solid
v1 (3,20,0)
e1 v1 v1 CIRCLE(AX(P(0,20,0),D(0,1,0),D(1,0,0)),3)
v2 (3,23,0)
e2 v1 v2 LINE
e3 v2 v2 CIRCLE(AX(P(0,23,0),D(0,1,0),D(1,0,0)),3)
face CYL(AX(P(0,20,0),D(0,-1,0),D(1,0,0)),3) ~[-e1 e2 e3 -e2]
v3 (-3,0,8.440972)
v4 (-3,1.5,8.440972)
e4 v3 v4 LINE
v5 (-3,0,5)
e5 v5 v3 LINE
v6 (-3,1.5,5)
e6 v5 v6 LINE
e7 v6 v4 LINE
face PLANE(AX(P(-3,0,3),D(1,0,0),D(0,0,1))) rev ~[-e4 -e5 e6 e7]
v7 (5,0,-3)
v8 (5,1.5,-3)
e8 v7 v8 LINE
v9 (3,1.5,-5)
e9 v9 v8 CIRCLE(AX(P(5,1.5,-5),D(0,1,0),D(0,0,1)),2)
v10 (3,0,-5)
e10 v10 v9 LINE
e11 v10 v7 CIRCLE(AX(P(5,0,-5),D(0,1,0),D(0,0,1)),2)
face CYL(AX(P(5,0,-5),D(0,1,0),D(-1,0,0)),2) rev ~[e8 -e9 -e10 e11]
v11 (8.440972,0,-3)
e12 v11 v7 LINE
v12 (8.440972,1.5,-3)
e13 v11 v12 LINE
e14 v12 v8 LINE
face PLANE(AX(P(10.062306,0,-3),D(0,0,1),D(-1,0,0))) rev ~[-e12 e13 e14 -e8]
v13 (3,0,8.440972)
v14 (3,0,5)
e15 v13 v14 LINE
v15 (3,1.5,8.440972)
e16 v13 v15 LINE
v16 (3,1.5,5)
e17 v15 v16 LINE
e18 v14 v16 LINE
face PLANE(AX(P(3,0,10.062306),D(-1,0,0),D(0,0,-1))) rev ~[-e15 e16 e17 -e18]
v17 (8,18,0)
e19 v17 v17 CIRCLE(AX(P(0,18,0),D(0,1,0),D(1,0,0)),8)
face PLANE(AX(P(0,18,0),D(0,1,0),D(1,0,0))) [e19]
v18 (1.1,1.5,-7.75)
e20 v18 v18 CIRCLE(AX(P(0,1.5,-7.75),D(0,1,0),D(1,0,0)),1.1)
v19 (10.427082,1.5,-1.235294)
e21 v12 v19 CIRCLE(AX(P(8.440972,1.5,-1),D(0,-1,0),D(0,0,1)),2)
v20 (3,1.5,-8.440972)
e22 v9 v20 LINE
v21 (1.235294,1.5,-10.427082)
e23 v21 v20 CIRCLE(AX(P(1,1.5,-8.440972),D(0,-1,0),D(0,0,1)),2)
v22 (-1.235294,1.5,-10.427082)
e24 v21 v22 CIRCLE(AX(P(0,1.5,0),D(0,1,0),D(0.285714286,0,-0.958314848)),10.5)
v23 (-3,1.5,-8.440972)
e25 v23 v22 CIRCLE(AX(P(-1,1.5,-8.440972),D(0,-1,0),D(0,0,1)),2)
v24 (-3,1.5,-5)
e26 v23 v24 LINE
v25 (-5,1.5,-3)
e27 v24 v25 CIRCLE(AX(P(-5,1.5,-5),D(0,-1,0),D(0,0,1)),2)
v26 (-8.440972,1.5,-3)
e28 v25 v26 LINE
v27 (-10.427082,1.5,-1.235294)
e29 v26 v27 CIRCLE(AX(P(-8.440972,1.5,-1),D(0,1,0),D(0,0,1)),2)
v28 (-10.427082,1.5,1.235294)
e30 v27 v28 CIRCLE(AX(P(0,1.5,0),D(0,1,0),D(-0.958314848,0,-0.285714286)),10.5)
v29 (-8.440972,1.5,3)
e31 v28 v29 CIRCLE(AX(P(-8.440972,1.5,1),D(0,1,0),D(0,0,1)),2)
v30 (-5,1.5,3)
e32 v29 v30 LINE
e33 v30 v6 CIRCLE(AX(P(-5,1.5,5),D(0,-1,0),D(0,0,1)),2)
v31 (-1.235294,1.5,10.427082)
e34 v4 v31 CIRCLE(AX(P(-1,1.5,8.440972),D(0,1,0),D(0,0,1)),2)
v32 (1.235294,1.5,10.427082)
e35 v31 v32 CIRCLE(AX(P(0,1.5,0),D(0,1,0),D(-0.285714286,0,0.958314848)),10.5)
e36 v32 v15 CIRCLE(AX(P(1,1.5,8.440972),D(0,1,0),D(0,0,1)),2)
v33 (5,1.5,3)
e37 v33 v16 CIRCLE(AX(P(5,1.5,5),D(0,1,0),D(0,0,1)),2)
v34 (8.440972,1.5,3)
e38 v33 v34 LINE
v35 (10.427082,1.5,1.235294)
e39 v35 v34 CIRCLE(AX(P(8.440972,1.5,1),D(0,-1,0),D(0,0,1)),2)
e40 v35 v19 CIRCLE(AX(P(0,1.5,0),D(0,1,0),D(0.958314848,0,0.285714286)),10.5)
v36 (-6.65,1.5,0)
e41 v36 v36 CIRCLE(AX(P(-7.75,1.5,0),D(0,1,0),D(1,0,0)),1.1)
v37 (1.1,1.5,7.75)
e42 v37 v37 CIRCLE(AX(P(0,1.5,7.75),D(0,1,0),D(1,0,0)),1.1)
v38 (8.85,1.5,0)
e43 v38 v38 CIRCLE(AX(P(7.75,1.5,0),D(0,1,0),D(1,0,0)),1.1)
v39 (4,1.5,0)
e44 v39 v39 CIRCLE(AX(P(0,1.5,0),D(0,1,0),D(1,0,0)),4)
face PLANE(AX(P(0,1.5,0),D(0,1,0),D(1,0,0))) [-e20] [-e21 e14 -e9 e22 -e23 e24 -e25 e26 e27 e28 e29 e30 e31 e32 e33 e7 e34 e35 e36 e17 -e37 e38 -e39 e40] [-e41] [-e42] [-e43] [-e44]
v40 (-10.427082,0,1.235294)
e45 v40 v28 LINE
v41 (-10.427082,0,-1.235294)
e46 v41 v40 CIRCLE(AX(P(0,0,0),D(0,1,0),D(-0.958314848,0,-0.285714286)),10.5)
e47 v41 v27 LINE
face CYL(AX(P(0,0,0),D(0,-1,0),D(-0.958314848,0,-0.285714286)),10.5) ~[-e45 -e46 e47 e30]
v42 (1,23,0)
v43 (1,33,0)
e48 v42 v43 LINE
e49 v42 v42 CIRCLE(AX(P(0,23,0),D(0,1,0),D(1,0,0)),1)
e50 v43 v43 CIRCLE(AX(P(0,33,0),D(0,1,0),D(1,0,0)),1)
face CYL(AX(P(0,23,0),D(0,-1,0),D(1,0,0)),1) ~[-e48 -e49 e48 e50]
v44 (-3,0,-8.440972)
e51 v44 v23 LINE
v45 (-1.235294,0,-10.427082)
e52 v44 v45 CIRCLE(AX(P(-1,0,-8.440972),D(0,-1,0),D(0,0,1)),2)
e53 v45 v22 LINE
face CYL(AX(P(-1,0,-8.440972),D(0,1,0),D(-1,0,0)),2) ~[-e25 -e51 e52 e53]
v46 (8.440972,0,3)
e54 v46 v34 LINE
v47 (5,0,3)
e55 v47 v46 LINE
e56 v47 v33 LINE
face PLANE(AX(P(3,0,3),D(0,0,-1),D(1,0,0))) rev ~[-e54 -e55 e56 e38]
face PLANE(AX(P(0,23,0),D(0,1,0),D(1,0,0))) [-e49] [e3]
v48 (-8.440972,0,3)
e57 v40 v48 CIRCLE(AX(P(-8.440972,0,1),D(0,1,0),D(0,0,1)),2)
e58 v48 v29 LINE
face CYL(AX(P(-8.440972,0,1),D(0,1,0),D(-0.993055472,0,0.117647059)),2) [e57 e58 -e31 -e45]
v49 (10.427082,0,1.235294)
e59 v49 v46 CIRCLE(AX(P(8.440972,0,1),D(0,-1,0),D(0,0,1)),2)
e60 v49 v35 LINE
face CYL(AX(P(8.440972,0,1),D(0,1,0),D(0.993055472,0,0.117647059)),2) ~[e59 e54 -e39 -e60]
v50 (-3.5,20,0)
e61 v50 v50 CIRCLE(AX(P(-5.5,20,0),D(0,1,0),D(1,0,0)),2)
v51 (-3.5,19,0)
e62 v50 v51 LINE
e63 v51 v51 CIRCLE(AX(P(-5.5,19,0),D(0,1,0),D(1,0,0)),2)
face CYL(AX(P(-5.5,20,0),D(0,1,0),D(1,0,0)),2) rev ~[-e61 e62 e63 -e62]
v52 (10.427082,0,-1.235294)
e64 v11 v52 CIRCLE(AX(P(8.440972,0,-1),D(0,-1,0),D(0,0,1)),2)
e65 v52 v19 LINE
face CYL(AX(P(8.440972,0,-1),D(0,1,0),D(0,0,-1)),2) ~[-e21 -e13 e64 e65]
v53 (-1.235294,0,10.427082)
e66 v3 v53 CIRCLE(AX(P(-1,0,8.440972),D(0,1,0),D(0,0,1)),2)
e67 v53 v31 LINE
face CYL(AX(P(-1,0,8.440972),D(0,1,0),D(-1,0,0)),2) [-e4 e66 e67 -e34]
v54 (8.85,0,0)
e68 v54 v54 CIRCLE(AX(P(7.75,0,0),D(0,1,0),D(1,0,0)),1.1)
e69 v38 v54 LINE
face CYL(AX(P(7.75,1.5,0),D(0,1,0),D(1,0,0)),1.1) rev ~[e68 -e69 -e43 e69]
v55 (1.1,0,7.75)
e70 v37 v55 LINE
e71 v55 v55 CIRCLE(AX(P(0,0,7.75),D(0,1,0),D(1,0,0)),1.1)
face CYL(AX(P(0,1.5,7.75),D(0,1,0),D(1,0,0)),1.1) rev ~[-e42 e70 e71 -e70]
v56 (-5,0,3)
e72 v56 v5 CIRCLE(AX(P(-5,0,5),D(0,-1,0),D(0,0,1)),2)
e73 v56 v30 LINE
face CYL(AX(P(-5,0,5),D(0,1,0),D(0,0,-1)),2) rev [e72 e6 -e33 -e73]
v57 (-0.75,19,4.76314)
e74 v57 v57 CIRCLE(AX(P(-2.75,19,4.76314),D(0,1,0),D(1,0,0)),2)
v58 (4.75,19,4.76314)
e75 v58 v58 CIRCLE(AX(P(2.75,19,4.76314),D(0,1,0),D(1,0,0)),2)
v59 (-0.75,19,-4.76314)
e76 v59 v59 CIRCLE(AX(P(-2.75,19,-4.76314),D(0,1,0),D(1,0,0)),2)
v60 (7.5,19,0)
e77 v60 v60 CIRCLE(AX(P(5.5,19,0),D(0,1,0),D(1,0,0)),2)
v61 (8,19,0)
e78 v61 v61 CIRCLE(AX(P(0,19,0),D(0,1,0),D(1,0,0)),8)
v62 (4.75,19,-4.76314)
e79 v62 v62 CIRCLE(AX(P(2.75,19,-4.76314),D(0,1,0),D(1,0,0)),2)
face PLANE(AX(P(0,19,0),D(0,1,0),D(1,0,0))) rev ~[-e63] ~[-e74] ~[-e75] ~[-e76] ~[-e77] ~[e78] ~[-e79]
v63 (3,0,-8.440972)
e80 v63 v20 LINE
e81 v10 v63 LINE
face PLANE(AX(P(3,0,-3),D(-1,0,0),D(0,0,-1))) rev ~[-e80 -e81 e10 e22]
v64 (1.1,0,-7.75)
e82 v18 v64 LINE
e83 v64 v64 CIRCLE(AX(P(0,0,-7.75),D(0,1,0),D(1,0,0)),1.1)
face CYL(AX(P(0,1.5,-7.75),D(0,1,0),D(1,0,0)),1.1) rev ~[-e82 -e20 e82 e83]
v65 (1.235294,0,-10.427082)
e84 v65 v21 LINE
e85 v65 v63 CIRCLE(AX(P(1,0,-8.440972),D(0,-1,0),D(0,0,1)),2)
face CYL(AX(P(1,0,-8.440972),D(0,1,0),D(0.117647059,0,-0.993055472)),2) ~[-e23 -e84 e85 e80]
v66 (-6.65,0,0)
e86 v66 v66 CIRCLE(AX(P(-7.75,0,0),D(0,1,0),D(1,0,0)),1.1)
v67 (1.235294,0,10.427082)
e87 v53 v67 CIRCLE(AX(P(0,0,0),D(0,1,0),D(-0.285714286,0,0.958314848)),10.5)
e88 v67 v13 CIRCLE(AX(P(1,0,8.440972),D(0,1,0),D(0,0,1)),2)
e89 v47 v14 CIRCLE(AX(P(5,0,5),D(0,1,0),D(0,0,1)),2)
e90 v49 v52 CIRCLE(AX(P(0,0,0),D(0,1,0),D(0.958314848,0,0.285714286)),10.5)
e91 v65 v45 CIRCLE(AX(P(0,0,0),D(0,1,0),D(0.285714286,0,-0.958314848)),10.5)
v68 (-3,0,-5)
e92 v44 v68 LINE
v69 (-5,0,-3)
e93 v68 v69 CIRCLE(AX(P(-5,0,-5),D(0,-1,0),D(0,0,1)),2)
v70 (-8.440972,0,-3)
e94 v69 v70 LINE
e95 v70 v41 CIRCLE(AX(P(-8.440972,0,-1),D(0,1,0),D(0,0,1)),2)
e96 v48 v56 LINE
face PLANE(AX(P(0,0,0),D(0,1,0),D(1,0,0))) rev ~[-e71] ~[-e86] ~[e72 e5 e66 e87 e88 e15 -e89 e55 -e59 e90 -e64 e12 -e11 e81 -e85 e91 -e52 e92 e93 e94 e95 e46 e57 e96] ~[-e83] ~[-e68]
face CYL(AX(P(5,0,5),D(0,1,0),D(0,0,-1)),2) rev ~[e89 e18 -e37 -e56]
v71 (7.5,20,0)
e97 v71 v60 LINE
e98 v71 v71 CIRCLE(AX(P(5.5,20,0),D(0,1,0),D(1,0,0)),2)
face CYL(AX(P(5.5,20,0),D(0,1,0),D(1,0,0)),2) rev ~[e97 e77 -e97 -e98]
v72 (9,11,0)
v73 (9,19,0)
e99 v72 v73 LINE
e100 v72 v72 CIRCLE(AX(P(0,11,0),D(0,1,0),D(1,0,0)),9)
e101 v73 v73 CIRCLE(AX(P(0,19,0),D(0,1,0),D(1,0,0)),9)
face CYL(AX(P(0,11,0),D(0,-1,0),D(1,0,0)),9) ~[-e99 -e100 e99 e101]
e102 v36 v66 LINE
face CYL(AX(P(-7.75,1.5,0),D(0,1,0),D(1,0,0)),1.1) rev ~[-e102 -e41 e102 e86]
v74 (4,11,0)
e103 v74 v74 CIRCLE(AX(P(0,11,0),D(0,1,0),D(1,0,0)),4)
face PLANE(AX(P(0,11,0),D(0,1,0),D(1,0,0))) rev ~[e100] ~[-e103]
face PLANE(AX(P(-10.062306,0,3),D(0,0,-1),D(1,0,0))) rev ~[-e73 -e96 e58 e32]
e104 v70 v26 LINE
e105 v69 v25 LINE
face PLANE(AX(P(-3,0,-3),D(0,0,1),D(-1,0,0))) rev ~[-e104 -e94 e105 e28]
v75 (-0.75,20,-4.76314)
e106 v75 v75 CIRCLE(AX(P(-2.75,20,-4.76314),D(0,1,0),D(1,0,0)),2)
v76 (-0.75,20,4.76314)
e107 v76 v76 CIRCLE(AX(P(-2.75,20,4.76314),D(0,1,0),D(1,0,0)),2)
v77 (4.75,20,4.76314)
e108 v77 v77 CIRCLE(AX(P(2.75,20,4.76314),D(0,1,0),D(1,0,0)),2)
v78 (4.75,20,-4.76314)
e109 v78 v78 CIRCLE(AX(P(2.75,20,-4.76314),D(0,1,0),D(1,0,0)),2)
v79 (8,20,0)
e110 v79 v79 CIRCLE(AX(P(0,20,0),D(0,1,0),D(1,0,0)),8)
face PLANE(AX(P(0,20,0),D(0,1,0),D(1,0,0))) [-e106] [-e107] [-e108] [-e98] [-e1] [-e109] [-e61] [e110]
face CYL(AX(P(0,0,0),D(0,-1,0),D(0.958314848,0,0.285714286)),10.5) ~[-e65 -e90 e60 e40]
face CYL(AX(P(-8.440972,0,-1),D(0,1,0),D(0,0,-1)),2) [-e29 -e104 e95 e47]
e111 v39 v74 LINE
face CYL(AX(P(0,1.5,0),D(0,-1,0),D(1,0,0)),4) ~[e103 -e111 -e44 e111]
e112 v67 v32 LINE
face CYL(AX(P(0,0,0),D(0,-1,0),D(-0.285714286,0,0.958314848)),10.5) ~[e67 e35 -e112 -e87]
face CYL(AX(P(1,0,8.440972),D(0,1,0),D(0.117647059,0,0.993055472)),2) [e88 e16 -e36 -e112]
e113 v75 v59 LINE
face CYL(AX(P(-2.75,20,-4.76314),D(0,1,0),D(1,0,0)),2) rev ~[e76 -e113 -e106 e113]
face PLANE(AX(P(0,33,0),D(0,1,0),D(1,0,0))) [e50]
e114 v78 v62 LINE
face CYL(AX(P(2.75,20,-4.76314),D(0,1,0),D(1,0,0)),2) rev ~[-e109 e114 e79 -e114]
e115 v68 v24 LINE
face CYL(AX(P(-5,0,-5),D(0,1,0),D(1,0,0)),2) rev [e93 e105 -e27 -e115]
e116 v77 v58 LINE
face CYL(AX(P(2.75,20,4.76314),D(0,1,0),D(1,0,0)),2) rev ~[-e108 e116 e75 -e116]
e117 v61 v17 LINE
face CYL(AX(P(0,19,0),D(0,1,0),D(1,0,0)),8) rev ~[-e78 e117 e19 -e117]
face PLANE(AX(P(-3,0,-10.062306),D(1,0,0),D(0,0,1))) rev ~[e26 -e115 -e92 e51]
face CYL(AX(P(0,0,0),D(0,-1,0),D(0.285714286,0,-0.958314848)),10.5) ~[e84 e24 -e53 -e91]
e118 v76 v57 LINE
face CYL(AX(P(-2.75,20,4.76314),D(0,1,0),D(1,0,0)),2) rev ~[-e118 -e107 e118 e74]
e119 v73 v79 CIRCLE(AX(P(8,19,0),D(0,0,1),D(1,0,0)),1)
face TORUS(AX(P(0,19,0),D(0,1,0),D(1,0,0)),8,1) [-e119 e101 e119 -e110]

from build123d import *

# Parameters (mm, degrees)
BOSS_EXTRUDE1_DEPTH = 1.5
SKETCH2_R           = 1.1
CUT_EXTRUDE1_DEPTH  = 2.5
FILLET1_R           = 2
SKETCH3_R           = 4
BOSS_EXTRUDE2_DEPTH = 9.5
SKETCH4_R           = 9
BOSS_EXTRUDE3_DEPTH = 9
FILLET2_R           = 1
SKETCH5_R           = 3
BOSS_EXTRUDE4_DEPTH = 3
SKETCH6_R           = 1
BOSS_EXTRUDE5_DEPTH = 10
SKETCH7_R           = 2
CUT_EXTRUDE2_DEPTH  = 1
SKETCH8_R           = 8
CUT_EXTRUDE3_DEPTH  = 1


with BuildPart() as part:
    # Sketch1 → Boss-Extrude1 (new body)
    with BuildSketch(Plane(origin=(0, 0, 0), x_dir=(1, 0, 0), z_dir=(0, 1, 0))):
        with BuildLine():
            Line((-3, 10.062305899), (-3, 3))
            Line((-3, 3), (-10.062305899, 3))
            ThreePointArc((-10.062305899, 3), (-10.5, 0), (-10.062305899, -3))
            Line((-10.062305899, -3), (-3, -3))
            Line((-3, -3), (-3, -10.062305899))
            ThreePointArc((-3, -10.062305899), (0, -10.5), (3, -10.062305899))
            Line((3, -10.062305899), (3, -3))
            Line((3, -3), (10.062305899, -3))
            ThreePointArc((10.062305899, -3), (10.5, 0), (10.062305899, 3))
            Line((10.062305899, 3), (3, 3))
            Line((3, 3), (3, 10.062305899))
            ThreePointArc((3, 10.062305899), (0, 10.5), (-3, 10.062305899))
        make_face()
    extrude(amount=BOSS_EXTRUDE1_DEPTH)

    # Sketch2 → Cut-Extrude1 (cut, through all)
    with BuildSketch(Plane(origin=(0, 1.5, 0), x_dir=(1, 0, 0), z_dir=(0, 1, 0))):
        with Locations((-7.75, 0)):
            Circle(SKETCH2_R)
        with Locations((0, 7.75)):
            Circle(SKETCH2_R)
        with Locations((7.75, 0)):
            Circle(SKETCH2_R)
        with Locations((0, -7.75)):
            Circle(SKETCH2_R)
    extrude(amount=-CUT_EXTRUDE1_DEPTH, mode=Mode.SUBTRACT)

    # Fillet1
    fillet1_edges = [part.edges().sort_by_distance(p)[0] for p in [
        (3, 0.75, 3),
        (3, 0.75, 10.062305899),
        (-3, 0.75, 10.062305899),
        (-3, 0.75, 3),
        (-10.062305899, 0.75, 3),
        (-10.062305899, 0.75, -3),
        (-3, 0.75, -3),
        (-3, 0.75, -10.062305899),
        (3, 0.75, -10.062305899),
        (3, 0.75, -3),
        (10.062305899, 0.75, -3),
        (10.062305899, 0.75, 3),
    ]]
    fillet(fillet1_edges, radius=FILLET1_R)

    # Sketch3 → Boss-Extrude2 (add)
    with BuildSketch(Plane(origin=(0, 1.5, 0), x_dir=(1, 0, 0), z_dir=(0, 1, 0))):
        Circle(SKETCH3_R)
    extrude(amount=BOSS_EXTRUDE2_DEPTH)

    # Sketch4 → Boss-Extrude3 (add)
    with BuildSketch(Plane(origin=(0, 11, 0), x_dir=(1, 0, 0), z_dir=(0, 1, 0))):
        Circle(SKETCH4_R)
    extrude(amount=BOSS_EXTRUDE3_DEPTH)

    # Fillet2
    fillet2_edges = [part.edges().sort_by_distance(p)[0] for p in [
        (-9, 20, 0),
    ]]
    fillet(fillet2_edges, radius=FILLET2_R)

    # Sketch5 → Boss-Extrude4 (add)
    with BuildSketch(Plane(origin=(0, 20, 0), x_dir=(1, 0, 0), z_dir=(0, 1, 0))):
        Circle(SKETCH5_R)
    extrude(amount=BOSS_EXTRUDE4_DEPTH)

    # Sketch6 → Boss-Extrude5 (add)
    with BuildSketch(Plane(origin=(0, 23, 0), x_dir=(1, 0, 0), z_dir=(0, 1, 0))):
        Circle(SKETCH6_R)
    extrude(amount=BOSS_EXTRUDE5_DEPTH)

    # Sketch7 → Cut-Extrude2 (cut)
    with BuildSketch(Plane(origin=(0, 20, 0), x_dir=(1, 0, 0), z_dir=(0, 1, 0))):
        with Locations((-5.5, 0)):
            Circle(SKETCH7_R)
        with Locations((-2.75, 4.763139721)):
            Circle(SKETCH7_R)
        with Locations((2.75, 4.763139721)):
            Circle(SKETCH7_R)
        with Locations((5.5, 0)):
            Circle(SKETCH7_R)
        with Locations((2.75, -4.763139721)):
            Circle(SKETCH7_R)
        with Locations((-2.75, -4.763139721)):
            Circle(SKETCH7_R)
    extrude(amount=-CUT_EXTRUDE2_DEPTH, mode=Mode.SUBTRACT)

    # Sketch8 → Cut-Extrude3 (cut)
    with BuildSketch(Plane(origin=(0, 19, 0), x_dir=(1, 0, 0), z_dir=(0, 1, 0))):
        Circle(SKETCH8_R)
    extrude(amount=-CUT_EXTRUDE3_DEPTH, mode=Mode.SUBTRACT)


solid = part.part
